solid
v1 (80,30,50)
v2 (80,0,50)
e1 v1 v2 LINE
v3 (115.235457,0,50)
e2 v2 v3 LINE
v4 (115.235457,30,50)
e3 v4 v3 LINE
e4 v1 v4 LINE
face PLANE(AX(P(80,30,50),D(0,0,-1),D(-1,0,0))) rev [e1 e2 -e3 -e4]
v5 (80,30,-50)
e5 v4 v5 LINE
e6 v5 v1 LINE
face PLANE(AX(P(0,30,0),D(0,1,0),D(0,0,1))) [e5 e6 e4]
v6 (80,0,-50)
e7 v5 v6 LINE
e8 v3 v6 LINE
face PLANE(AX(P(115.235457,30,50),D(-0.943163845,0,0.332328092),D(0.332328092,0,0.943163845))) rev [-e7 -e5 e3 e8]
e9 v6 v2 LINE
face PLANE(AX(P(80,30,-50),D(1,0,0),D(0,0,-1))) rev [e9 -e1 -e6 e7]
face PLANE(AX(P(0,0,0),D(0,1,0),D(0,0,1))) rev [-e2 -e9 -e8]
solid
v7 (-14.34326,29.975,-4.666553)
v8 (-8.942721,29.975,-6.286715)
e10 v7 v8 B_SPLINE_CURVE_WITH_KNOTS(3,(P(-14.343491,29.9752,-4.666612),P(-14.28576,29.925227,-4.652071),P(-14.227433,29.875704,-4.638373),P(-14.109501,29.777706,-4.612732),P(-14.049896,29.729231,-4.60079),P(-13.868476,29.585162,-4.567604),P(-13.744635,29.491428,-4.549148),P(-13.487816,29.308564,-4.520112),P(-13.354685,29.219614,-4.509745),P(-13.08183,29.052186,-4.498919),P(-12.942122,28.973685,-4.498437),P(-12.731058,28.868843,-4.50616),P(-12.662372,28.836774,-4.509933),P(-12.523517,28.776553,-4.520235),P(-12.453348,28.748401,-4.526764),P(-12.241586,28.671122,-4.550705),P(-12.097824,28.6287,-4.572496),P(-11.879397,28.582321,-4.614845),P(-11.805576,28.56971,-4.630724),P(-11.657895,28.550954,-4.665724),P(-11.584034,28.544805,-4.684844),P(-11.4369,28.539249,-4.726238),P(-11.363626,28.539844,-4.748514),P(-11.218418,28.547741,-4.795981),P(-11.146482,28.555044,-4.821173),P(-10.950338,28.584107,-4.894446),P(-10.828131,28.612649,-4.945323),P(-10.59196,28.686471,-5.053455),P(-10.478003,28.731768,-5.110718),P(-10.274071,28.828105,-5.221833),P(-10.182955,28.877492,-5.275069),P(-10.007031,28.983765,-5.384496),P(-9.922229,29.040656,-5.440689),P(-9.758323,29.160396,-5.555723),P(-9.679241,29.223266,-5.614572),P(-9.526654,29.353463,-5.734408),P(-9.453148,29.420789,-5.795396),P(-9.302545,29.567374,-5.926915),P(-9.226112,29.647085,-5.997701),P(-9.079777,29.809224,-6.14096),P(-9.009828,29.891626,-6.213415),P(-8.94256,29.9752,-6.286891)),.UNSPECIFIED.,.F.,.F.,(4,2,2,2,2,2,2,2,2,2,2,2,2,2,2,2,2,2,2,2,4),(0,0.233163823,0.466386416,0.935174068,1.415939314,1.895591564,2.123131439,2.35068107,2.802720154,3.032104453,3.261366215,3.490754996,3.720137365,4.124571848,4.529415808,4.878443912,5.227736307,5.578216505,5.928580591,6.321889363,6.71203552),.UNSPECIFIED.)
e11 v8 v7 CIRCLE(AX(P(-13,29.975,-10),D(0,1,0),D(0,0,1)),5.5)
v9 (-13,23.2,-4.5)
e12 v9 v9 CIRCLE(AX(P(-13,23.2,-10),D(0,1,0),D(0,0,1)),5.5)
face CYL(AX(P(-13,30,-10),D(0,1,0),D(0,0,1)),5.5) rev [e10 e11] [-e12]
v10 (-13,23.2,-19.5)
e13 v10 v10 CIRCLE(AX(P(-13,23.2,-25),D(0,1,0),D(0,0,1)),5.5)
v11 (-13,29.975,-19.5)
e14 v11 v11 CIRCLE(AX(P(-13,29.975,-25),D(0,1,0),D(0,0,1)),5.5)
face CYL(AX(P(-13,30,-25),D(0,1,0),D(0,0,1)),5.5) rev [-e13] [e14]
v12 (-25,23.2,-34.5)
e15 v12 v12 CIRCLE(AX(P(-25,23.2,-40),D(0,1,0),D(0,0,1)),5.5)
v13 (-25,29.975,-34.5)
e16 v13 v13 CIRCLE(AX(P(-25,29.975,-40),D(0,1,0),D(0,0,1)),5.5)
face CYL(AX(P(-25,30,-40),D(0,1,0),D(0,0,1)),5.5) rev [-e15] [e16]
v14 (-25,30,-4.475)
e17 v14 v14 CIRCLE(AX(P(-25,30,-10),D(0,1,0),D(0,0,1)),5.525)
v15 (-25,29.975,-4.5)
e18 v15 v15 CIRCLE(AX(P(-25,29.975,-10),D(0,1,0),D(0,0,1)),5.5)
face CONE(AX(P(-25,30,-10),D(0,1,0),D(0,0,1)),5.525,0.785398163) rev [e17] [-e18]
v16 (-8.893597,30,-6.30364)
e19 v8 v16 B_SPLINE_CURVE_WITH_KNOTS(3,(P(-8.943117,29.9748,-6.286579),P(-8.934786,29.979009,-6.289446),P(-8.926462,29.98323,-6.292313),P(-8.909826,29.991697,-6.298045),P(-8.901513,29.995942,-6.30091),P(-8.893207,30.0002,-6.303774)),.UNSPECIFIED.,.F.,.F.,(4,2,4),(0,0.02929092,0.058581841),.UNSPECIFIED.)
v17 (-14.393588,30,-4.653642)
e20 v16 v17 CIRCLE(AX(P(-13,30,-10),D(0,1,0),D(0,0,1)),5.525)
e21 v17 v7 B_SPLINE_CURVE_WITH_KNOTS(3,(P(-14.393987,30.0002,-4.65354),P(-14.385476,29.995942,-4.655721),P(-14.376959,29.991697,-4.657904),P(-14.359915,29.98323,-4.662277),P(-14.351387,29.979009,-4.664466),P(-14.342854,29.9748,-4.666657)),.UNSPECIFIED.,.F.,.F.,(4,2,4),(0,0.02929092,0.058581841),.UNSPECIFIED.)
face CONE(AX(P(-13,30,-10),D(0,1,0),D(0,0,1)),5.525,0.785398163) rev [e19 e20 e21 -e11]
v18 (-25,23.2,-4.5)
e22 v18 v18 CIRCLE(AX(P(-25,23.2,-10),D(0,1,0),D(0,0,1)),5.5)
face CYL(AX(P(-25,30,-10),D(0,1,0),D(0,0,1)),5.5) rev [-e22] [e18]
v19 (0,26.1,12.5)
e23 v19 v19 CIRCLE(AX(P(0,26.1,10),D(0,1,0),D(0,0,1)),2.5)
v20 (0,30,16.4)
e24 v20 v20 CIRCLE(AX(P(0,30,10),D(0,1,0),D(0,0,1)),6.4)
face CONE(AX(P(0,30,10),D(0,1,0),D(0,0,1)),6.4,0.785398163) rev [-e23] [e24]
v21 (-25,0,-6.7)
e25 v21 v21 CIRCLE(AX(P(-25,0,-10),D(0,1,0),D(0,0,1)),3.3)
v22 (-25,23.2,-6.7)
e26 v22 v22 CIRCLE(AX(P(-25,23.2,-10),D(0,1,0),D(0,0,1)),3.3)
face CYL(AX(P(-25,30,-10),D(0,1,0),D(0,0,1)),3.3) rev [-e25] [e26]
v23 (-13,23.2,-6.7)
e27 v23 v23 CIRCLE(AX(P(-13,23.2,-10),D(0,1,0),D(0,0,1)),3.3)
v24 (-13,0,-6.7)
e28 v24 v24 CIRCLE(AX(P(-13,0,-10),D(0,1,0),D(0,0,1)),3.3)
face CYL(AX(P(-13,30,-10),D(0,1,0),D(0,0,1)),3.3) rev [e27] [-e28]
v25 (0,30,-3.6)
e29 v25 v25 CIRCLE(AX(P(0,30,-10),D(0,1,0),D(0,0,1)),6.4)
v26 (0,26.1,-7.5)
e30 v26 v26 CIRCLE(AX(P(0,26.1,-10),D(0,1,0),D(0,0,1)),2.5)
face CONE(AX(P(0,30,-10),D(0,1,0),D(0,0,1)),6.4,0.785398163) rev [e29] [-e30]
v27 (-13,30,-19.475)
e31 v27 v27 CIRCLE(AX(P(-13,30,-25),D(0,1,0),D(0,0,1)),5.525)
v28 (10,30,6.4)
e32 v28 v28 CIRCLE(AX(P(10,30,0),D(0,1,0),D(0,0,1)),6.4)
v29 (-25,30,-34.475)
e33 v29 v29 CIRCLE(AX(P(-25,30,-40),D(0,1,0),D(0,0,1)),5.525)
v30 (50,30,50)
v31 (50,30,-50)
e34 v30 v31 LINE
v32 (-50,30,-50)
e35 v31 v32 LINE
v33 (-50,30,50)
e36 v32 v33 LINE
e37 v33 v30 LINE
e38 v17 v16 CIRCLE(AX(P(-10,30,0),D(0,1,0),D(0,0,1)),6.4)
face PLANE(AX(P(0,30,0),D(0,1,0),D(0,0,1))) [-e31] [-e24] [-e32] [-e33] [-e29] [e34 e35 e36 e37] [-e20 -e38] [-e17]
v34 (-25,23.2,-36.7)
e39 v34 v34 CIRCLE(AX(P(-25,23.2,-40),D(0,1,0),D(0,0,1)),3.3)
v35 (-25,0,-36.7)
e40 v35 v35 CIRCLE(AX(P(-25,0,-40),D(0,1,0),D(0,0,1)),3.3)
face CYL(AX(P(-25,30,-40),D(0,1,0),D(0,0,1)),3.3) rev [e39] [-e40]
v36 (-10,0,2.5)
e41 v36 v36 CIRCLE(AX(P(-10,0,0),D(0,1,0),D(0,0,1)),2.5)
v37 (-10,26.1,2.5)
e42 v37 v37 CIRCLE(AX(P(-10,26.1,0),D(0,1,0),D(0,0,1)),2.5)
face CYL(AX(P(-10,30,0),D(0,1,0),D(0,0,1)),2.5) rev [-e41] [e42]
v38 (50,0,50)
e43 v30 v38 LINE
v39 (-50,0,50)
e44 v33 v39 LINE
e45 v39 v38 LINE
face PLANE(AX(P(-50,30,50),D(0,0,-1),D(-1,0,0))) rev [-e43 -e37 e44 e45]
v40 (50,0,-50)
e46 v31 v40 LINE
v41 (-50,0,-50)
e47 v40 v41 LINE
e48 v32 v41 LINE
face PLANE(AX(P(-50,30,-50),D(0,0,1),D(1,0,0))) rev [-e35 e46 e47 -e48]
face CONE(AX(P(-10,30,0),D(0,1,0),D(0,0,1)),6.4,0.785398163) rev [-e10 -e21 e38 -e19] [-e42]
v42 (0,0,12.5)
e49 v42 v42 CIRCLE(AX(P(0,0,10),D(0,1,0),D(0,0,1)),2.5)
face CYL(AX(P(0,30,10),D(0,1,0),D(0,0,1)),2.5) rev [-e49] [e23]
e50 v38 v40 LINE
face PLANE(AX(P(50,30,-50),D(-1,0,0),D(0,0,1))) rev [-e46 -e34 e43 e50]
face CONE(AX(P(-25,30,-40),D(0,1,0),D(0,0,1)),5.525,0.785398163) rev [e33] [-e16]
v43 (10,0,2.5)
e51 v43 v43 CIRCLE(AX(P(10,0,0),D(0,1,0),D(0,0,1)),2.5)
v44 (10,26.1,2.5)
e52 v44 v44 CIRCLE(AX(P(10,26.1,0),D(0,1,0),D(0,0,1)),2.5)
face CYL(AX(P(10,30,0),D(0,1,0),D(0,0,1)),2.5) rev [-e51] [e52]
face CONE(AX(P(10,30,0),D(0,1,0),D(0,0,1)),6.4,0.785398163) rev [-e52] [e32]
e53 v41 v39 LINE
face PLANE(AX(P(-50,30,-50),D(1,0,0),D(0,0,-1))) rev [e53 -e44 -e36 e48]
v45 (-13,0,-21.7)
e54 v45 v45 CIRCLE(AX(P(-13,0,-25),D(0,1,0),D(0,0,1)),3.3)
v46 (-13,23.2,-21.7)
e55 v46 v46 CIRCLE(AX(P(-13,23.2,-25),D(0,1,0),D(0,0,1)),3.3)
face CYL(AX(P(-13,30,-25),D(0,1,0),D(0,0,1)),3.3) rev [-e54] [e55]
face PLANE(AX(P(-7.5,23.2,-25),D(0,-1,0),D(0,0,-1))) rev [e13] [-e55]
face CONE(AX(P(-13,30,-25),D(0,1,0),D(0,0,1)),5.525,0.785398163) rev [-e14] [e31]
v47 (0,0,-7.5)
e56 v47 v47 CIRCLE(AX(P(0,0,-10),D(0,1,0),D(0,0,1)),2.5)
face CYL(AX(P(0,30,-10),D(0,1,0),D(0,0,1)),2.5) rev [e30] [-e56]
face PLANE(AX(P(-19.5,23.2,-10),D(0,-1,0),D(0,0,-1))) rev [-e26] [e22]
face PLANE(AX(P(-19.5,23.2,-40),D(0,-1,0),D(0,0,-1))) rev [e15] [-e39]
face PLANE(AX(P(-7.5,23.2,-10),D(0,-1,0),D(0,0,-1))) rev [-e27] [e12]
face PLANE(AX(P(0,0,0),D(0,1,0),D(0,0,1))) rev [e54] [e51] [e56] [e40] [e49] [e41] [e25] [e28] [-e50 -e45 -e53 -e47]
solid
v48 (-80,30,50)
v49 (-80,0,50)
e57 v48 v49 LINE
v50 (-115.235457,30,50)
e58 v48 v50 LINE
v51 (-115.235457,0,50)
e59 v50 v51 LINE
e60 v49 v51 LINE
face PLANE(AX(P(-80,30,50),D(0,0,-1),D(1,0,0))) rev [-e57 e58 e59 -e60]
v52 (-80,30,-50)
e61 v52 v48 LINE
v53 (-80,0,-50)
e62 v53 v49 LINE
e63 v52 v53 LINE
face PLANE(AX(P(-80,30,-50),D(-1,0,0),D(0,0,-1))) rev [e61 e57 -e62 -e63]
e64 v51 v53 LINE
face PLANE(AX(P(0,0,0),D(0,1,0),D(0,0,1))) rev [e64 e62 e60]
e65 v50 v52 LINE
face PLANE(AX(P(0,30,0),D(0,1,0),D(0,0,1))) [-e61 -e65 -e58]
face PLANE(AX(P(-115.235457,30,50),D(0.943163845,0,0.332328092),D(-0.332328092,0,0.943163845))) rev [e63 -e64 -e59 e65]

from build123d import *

# Parameters (mm, degrees)
SKETCH_1_W                  = 100
SKETCH_1_H                  = 100
EXTRUDE_1_DEPTH             = 30
EXTRUDE_1_2_DEPTH           = 30
PATTERN_LINEAR_1_COUNT      = 2
PATTERN_LINEAR_1_PITCH      = 12
PATTERN_LINEAR_1_COUNT_DIR2 = 3
PATTERN_LINEAR_1_PITCH_DIR2 = 15
PATTERN_CIRCULAR_1_COUNT    = 4


with BuildPart() as part:
    # 草图1 → 凸台-拉伸1 (new body)
    with BuildSketch(Plane(origin=(0, 0, 0), x_dir=(1, 0, 0), z_dir=(0, 1, 0))):
        Rectangle(SKETCH_1_W, SKETCH_1_H)
    extrude(amount=EXTRUDE_1_DEPTH)

    # 草图6 → M6 六角圆柱头螺钉的柱形沉头孔2 (revolve, cut)
    with BuildSketch(Plane(origin=(-25, 30, -10), x_dir=(0, 0, 1), z_dir=(1, 0, 0))):
        Polygon((0, 0), (0, 30), (3.3, 30), (3.3, 6.8), (5.5, 6.8), (5.5, 0.025), (5.525, 0), align=None)
    hole_wizard_m6_2 = revolve(axis=Axis((-25, 36.35, -10), (0, -1, 0)), mode=Mode.SUBTRACT)

    # 草图8 → M6 螺纹孔1 (revolve, cut)
    with BuildSketch(Plane(origin=(0, 30, -10), x_dir=(0, 0, 1), z_dir=(1, 0, 0))):
        Polygon((0, 0), (0, 30), (2.5, 30), (2.5, 3.9), (6.4, 0), align=None)
    hole_wizard_m6_1 = revolve(axis=Axis((0, 36.35, -10), (0, -1, 0)), mode=Mode.SUBTRACT)

    # 阵列(线性)1: Hole Wizard M6 _2 2 × 3, 2 skipped
    with Locations(*[(i * PATTERN_LINEAR_1_PITCH, 0, -j * PATTERN_LINEAR_1_PITCH_DIR2) for i in range(PATTERN_LINEAR_1_COUNT) for j in range(PATTERN_LINEAR_1_COUNT_DIR2) if (i, j) not in ((0, 0), (0, 1), (1, 2))]):
        add(hole_wizard_m6_2, mode=Mode.SUBTRACT)

    # 阵列(圆周)1: M6 螺纹孔1 ×4 about axis
    pattern_circular_1_axis = Axis((0, 0, 0), (0, 1, 0))
    for i in range(1, PATTERN_CIRCULAR_1_COUNT):
        add(hole_wizard_m6_1.rotate(pattern_circular_1_axis, i * 360 / PATTERN_CIRCULAR_1_COUNT), mode=Mode.SUBTRACT)


with BuildPart() as body_2:
    # 草图1 → Extrude 1 2 (new body)
    with BuildSketch(Plane(origin=(0, 0, 0), x_dir=(1, 0, 0), z_dir=(0, 1, 0))):
        Polygon((80, -50), (115.235457064, -50), (80, 50), align=None)
    extrude(amount=EXTRUDE_1_2_DEPTH)


with BuildPart() as body_3:
    # 镜向1: mirrored copy
    add(body_2.part.mirror(Plane(origin=(0, 0, 0), x_dir=(0, 0, 1), z_dir=(1, 0, 0))))


solid = Compound([part.part, body_2.part, body_3.part])
